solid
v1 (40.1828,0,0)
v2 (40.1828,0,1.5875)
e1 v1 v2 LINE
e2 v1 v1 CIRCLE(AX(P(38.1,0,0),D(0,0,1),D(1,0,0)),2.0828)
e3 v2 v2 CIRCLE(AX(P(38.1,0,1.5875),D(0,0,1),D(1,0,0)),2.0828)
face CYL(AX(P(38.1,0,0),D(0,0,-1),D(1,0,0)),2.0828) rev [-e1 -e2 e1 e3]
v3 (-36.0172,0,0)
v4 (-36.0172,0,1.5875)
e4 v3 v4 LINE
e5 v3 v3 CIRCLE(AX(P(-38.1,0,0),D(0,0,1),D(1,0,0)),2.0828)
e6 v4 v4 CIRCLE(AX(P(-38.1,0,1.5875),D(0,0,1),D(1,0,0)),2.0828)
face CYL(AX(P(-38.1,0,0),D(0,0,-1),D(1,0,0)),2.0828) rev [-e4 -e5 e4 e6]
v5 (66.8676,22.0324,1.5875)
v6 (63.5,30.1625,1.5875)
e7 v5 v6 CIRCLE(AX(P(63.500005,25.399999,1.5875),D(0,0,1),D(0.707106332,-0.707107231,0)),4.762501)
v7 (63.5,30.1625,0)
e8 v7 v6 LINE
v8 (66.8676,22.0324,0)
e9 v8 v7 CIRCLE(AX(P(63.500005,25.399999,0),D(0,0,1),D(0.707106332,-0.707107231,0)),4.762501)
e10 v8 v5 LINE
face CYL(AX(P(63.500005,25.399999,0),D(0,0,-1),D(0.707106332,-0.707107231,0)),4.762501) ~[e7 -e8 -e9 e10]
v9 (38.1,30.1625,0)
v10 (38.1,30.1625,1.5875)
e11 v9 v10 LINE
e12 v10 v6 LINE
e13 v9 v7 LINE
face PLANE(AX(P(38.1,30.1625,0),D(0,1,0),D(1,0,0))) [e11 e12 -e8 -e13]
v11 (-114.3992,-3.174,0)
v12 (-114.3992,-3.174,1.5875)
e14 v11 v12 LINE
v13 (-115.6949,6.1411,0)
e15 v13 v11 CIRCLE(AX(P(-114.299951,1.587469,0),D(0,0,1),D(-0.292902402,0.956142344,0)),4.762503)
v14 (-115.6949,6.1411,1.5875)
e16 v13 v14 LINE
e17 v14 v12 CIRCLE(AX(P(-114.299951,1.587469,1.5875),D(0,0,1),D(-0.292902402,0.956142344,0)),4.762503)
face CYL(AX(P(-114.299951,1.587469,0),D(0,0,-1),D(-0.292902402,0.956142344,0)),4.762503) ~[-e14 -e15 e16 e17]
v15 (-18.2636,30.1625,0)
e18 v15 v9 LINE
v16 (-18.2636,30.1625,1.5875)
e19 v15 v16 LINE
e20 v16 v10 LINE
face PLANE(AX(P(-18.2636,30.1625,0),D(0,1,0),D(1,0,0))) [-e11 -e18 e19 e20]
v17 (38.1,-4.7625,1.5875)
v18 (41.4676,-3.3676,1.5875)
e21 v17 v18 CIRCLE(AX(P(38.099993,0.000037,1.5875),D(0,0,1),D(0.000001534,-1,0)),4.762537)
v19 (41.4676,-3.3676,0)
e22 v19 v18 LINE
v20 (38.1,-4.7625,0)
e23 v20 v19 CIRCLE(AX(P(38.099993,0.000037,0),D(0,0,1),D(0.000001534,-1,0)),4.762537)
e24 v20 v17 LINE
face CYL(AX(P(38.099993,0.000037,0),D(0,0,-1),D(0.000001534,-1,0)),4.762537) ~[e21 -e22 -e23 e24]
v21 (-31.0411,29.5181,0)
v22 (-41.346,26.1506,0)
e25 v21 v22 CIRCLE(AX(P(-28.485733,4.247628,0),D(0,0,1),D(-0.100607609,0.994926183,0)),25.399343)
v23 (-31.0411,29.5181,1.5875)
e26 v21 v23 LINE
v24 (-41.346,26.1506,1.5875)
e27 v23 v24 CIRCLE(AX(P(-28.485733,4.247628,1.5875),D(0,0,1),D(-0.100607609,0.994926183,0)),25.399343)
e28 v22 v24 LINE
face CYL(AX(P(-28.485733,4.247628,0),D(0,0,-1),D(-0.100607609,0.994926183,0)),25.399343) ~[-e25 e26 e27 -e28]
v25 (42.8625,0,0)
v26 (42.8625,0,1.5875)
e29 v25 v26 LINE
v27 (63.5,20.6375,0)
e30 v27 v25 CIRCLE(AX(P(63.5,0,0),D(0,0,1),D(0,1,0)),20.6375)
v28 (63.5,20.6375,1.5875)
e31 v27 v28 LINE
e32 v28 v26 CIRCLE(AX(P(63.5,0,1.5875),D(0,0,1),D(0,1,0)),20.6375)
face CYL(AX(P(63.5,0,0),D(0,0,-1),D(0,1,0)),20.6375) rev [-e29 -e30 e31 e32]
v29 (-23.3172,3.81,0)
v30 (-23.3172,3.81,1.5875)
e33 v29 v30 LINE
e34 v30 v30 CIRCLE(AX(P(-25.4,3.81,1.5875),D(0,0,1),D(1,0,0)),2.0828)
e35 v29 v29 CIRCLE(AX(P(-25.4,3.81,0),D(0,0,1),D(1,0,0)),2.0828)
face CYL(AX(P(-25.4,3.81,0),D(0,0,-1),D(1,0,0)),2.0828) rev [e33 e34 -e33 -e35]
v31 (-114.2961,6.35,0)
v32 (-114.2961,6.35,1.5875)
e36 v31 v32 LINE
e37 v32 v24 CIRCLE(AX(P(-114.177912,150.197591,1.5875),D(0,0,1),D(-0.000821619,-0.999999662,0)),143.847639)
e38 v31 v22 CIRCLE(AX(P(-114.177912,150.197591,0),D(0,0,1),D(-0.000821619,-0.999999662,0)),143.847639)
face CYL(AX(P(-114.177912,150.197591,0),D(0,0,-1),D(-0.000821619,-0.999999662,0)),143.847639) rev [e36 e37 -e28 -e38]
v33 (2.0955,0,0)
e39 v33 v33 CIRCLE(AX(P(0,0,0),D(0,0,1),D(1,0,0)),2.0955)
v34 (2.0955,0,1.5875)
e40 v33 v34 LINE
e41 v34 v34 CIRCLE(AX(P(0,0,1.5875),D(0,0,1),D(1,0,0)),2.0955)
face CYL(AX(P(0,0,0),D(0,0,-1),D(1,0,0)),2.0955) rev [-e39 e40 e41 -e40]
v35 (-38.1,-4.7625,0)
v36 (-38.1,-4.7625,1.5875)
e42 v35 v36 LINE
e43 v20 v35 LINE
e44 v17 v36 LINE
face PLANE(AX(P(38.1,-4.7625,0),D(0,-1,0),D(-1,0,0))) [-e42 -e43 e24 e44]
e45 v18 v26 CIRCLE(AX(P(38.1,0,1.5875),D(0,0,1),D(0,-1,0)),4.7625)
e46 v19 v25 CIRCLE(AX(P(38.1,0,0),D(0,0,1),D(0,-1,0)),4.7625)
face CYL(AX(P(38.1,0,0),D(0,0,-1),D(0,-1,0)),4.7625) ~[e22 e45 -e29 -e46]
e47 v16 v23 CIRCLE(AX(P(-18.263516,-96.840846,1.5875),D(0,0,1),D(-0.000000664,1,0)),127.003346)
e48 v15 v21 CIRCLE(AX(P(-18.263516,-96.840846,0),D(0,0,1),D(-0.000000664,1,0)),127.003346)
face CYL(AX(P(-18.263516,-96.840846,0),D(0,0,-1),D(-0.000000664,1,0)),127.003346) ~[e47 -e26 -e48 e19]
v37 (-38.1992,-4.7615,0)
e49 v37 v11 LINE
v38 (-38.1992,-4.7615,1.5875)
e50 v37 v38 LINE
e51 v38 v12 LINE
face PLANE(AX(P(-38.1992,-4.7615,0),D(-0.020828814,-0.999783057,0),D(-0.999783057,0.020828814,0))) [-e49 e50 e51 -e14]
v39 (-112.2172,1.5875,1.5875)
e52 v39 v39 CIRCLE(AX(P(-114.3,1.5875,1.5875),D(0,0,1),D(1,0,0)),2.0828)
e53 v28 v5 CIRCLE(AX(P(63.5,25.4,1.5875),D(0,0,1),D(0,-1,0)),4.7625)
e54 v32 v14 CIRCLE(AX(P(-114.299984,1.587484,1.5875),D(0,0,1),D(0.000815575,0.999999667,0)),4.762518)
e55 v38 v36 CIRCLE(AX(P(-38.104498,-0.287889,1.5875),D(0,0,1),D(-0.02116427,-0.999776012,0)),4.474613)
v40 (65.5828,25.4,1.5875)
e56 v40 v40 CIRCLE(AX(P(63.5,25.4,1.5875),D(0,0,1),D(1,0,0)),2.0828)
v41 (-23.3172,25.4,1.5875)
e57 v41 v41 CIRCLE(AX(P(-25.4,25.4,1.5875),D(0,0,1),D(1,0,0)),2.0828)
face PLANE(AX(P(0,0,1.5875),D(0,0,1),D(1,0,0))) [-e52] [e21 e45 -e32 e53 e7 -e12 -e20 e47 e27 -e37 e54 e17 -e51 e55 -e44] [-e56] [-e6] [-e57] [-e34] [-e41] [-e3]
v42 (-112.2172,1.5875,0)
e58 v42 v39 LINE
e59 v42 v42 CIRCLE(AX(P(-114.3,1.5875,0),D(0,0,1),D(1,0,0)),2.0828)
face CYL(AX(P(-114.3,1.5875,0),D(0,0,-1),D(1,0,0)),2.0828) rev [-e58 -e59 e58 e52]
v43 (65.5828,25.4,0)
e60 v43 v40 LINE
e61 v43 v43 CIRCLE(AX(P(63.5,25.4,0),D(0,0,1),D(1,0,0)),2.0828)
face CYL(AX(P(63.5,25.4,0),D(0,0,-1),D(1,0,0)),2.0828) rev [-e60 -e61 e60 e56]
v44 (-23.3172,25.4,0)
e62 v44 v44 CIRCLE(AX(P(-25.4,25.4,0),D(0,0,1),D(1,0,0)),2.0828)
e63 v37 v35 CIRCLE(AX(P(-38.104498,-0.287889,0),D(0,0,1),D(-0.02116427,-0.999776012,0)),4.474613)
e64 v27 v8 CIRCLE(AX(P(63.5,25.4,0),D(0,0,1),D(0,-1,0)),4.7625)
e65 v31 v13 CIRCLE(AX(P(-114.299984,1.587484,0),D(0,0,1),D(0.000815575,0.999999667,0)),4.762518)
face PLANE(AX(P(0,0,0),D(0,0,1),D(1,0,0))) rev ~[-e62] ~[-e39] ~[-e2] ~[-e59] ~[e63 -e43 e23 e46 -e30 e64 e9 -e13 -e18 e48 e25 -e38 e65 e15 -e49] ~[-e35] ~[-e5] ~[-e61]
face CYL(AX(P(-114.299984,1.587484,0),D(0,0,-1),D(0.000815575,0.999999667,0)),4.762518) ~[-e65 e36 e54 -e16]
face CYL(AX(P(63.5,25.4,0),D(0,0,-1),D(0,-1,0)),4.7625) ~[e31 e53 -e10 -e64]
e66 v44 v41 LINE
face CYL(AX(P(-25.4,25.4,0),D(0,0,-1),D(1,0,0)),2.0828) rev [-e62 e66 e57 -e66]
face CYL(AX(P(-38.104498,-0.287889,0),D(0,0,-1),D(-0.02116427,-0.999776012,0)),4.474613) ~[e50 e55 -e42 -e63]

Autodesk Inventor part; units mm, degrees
ref_plane "YZ Plane" through (0, 0, 0) normal (1, 0, 0) x (0, 1, 0)
ref_plane "XZ Plane" through (0, 0, 0) normal (0, 1, 0) x (-1, 0, 0)
ref_plane "XY Plane" through (0, 0, 0) normal (0, 0, 1) x (1, 0, 0)
sketch "Sketch1" plane through (0, 0, 0) normal (0, 0, 1) x (1, 0, 0)
  circle A0 centre (0, 0) radius 2.0955
  arc A1 (38.1, -4.7625) -> (41.4676, -3.3676) centre (38.1, 0) ccw
  circle A2 centre (-38.1, 0) radius 2.0828
  circle A3 centre (38.1, 0) radius 2.0828
  line L0 (-18.2636, 30.1625) -> (38.1, 30.1625)
  line L1 (38.1, -4.7625) -> (-38.1, -4.7625)
  arc A4 (-18.2636, 30.1625) -> (-31.0411, 29.5181) centre (-18.2636, -96.8375) ccw
  circle A5 centre (-114.3, 1.5875) radius 2.0828
  arc A6 (-115.6949, 6.1411) -> (-114.3992, -3.174) centre (-114.3, 1.5875) ccw
  arc A7 (-38.1992, -4.7615) -> (-38.1, -4.7625) centre (-38.1, 0) ccw
  line L2 (-38.1992, -4.7615) -> (-114.3992, -3.174)
  circle A8 centre (-25.4, 25.4) radius 2.0828
  circle A9 centre (63.5, 25.4) radius 2.0828
  arc A10 (66.8676, 22.0324) -> (63.5, 30.1625) centre (63.5, 25.4) ccw
  line L3 (38.1, 30.1625) -> (63.5, 30.1625)
  arc A11 (38.1, -4.7625) -> (42.8625, 0) centre (38.1, 0) ccw
  arc A12 (63.5, 20.6375) -> (63.5, 30.1625) centre (63.5, 25.4) ccw
  arc A13 (63.5, 20.6375) -> (42.8625, 0) centre (63.5, 0) ccw
  circle A14 centre (-25.4, 3.81) radius 2.0828
  arc A15 (-114.2961, 6.35) -> (-114.3992, -3.174) centre (-114.3, 1.5875) ccw
  arc A16 (-114.2961, 6.35) -> (-41.346, 26.1506) centre (-114.1779, 150.1975) ccw
  arc A17 (-31.0411, 29.5181) -> (-41.346, 26.1506) centre (-28.4856, 4.247) ccw
  point P0 (0, 0)
  point P1 (41.4676, -3.3676)
  dimension "d1" = 38.1
  dimension "d4" = 4.1656
  dimension "d5" = 4.191
  dimension "d11" = 127
  dimension "d15" = 9.525
  dimension "d16" = 9.525
  dimension "d18" = 4.1656
  dimension "d19" = 4.1656
  dimension "d20" = 9.525
  dimension "d25" = 4.1656
  dimension "d26" = 25.4
  dimension "d27" = 4.1656
  dimension "d28" = 4.1656
extrude "Extrusion1" add sketch "Sketch1" along normal blind 1.5875
properties part number "intake_base" material "Acetal Resin, White"
